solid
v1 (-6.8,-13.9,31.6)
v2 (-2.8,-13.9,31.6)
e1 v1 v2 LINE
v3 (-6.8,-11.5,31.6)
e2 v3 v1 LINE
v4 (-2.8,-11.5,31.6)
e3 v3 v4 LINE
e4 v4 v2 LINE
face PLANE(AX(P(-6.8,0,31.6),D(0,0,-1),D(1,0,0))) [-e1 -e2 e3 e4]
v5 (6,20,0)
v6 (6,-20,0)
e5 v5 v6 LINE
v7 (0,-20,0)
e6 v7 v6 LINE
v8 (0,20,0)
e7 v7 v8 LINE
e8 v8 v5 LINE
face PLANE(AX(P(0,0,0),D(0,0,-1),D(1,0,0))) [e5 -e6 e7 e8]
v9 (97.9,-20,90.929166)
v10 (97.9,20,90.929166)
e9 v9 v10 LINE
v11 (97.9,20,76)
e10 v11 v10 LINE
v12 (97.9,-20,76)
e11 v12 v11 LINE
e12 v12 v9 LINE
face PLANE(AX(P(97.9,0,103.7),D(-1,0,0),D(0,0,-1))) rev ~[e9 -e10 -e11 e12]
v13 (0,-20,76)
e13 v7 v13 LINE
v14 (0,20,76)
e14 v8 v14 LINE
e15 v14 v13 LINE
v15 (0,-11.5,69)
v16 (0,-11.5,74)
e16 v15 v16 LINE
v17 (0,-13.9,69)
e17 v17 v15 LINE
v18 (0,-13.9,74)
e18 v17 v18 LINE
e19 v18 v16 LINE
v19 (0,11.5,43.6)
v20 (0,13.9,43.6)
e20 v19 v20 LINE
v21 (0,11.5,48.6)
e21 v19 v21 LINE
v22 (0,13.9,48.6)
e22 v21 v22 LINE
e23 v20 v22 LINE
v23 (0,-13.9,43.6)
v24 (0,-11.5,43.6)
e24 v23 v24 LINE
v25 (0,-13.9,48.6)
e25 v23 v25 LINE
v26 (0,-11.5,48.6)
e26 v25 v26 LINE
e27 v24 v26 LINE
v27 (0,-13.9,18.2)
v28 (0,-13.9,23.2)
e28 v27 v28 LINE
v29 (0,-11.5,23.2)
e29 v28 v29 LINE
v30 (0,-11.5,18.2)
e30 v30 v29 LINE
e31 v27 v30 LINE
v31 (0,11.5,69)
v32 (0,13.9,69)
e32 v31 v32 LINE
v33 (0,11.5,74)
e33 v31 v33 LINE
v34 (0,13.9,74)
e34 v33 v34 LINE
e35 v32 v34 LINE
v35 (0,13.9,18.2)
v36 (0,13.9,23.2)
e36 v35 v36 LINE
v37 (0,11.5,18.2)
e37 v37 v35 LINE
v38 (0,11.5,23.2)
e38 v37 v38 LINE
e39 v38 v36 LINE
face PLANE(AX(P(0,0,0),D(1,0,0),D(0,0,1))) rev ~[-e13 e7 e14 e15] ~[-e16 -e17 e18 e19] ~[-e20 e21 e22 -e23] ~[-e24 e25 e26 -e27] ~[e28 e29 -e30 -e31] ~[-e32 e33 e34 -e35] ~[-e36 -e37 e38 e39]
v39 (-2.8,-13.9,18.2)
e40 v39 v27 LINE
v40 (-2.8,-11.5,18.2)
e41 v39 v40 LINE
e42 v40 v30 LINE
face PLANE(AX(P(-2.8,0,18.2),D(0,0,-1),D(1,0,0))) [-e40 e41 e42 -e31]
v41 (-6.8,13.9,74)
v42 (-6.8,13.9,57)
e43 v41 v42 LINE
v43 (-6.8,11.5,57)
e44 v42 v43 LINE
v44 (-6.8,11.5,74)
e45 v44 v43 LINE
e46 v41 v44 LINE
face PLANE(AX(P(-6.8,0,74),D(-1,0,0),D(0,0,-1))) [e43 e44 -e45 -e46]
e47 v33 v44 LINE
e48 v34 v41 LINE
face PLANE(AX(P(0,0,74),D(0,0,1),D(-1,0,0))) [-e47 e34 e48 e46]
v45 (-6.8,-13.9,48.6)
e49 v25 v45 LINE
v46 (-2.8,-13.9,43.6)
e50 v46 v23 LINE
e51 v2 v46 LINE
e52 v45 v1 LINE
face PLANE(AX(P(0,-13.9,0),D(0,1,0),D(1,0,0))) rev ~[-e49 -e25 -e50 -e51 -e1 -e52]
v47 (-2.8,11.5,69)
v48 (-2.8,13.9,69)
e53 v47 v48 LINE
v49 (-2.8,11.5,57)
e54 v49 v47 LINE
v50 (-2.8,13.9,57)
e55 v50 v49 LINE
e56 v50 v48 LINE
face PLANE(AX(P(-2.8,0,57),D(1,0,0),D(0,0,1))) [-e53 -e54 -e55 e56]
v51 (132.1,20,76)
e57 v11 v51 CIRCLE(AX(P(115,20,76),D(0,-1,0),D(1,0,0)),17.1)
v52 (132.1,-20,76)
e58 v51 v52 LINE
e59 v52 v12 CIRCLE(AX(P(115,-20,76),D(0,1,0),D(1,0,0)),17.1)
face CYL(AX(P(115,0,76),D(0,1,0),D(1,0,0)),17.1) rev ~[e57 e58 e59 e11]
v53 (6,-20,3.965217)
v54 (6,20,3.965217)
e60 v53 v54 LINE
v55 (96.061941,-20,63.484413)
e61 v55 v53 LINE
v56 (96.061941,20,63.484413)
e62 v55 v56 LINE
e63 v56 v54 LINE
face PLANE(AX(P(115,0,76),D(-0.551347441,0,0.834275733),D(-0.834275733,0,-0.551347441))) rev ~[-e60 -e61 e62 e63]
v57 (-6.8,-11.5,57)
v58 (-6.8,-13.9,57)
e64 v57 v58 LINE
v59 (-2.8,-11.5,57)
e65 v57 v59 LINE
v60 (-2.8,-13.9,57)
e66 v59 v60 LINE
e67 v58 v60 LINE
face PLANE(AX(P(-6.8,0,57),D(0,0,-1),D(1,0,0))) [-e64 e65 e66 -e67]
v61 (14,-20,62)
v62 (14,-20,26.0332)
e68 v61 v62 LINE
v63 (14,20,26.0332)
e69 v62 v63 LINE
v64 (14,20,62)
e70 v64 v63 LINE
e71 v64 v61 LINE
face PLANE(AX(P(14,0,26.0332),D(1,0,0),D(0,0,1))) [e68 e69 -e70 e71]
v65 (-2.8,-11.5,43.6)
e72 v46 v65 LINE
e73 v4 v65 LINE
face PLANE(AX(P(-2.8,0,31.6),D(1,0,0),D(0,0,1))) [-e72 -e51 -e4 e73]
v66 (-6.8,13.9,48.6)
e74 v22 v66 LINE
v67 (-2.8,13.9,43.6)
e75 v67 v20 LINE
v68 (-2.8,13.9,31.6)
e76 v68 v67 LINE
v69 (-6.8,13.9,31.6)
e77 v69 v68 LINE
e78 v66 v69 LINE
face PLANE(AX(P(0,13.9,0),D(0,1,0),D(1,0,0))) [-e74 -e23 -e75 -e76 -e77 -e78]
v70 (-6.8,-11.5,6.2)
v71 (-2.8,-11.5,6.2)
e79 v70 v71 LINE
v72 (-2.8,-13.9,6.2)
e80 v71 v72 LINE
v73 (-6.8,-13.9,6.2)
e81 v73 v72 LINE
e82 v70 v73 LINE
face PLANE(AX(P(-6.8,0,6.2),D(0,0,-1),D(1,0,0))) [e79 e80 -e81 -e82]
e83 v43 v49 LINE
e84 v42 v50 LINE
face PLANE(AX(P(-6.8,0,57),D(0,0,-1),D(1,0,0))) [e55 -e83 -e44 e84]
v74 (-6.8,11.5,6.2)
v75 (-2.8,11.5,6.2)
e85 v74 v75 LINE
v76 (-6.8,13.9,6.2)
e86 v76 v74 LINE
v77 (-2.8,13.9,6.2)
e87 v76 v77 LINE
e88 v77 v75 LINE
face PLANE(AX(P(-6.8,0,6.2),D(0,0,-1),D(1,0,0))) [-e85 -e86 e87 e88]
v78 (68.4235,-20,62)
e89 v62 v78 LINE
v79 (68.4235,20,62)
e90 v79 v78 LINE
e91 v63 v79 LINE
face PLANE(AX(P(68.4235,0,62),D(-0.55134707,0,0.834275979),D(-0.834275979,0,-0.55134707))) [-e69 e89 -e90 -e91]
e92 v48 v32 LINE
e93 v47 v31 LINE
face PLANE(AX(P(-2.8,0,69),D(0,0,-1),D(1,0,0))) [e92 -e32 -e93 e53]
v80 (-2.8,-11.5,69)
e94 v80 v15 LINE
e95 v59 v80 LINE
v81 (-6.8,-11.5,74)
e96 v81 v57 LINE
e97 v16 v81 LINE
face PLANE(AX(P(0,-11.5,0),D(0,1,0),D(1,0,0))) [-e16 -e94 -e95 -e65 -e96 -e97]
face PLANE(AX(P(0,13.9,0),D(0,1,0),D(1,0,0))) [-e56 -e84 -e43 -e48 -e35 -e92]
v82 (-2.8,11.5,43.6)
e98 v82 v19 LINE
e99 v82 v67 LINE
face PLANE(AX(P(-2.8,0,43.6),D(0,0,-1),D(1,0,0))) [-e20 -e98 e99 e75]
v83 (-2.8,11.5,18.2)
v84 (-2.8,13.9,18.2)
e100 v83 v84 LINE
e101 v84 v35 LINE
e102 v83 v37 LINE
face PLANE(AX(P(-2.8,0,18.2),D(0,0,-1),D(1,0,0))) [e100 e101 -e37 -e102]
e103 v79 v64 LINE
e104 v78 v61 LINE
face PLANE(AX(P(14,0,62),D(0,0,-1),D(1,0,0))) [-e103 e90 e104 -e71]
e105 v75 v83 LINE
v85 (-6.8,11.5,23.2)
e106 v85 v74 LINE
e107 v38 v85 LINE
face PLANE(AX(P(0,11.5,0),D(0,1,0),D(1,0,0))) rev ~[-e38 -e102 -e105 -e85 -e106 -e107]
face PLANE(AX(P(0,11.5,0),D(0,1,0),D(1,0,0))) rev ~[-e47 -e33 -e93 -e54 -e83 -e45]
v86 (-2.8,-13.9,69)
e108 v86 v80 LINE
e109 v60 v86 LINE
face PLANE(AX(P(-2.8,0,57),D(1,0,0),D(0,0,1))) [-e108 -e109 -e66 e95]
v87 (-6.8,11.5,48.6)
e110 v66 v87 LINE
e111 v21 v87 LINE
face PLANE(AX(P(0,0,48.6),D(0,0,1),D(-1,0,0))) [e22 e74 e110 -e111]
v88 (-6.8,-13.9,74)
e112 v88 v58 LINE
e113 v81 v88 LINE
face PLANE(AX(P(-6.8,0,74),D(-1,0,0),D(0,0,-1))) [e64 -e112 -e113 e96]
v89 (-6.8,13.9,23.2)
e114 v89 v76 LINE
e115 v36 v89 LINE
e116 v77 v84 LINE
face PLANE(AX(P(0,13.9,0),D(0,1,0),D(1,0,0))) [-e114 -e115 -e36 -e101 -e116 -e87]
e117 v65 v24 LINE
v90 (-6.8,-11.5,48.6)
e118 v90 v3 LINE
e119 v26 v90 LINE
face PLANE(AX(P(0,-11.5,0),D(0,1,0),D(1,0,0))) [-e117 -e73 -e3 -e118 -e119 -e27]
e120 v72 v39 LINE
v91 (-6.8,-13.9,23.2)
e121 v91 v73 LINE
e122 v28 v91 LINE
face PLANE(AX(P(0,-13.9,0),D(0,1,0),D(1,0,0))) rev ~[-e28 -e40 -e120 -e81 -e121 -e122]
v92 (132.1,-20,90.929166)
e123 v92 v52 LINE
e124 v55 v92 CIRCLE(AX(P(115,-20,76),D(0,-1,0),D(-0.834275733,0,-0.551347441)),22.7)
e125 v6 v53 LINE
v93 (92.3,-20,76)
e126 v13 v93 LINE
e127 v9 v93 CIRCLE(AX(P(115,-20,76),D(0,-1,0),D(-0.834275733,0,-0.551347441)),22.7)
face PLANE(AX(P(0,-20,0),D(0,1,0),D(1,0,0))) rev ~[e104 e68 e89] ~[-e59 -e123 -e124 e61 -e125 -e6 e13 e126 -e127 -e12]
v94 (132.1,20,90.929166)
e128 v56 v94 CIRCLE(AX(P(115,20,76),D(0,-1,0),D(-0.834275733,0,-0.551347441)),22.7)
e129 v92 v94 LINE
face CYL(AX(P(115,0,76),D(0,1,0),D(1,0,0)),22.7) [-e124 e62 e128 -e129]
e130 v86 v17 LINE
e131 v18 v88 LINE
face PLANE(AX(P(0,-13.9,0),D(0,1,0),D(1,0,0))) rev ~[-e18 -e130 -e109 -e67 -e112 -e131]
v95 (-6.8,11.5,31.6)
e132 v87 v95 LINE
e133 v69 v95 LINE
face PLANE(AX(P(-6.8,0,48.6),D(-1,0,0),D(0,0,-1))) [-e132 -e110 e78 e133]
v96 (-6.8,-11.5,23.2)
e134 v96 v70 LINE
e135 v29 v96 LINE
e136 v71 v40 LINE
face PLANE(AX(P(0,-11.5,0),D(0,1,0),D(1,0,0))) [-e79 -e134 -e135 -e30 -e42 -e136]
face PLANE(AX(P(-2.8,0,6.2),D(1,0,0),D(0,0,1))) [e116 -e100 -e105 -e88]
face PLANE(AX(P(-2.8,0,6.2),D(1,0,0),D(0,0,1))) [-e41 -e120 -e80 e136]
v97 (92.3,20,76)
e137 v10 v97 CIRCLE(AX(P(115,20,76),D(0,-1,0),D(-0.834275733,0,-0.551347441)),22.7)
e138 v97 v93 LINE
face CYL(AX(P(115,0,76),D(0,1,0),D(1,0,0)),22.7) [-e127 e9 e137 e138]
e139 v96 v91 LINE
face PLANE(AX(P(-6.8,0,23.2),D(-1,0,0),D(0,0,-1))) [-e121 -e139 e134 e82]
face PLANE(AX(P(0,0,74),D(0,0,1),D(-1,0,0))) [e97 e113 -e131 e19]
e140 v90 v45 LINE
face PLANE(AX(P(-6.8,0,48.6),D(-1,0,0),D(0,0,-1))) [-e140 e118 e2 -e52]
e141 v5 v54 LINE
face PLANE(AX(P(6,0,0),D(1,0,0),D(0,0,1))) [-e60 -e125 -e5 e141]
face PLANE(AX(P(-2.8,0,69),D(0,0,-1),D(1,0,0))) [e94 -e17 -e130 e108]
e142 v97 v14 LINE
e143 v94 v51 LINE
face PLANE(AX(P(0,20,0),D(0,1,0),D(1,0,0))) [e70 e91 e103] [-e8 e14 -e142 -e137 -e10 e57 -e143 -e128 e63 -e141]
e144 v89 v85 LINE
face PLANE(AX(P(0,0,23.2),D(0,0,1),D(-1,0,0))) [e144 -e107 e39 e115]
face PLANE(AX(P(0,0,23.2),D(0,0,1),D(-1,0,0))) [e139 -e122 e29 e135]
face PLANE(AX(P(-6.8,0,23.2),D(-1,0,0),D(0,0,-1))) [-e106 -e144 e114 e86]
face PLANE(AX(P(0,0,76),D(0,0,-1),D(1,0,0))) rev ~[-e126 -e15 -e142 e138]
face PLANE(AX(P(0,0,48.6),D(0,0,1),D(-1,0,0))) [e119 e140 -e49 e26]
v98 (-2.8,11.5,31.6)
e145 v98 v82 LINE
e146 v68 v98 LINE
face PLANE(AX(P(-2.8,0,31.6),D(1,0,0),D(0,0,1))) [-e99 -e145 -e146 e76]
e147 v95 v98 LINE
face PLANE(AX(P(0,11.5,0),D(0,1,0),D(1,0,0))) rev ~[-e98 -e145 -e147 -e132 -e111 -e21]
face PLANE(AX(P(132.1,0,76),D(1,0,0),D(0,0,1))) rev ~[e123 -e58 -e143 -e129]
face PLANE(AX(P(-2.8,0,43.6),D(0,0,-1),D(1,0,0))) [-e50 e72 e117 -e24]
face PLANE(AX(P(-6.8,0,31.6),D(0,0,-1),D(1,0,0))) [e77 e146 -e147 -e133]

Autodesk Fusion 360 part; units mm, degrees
sketch "Arm triangle" plane through (0, 0, 0) normal (0, 1, 0) x (1, 0, 0)
  line L0 (0, 0) -> (0, -76)
  line L1 (0, -76) -> (115, -76)
  line L2 (115, -76) -> (0, 0)
extrude "Arm triangle (1)" add sketch "Arm triangle" along normal mid plane 40
sketch "Hook plate" plane through (0, 0, 0) normal (0, 1, 0) x (1, 0, 0)
  line L0 (0, 0) -> (6, 0)
  line L1 (6, 0) -> (6, -76)
  line L2 (6, -76) -> (0, -76)
  line L3 (0, -76) -> (0, 0)
extrude "Hook plate (1)" add sketch "Hook plate" along normal mid plane 40
sketch "Saddle boss" plane through (0, 0, 0) normal (0, 1, 0) x (1, 0, 0)
  circle A0 centre (115, -76) radius 22.7
extrude "Saddle boss (1)" add sketch "Saddle boss" along normal mid plane 40
sketch "Lightening cutout" plane through (0, 0, 0) normal (0, 1, 0) x (1, 0, 0)
  line L0 (14, -26.0332) -> (14, -62)
  line L1 (14, -62) -> (68.4235, -62)
  line L2 (68.4235, -62) -> (14, -26.0332)
extrude "Lightening cutout (1)" cut sketch "Lightening cutout" along normal mid plane 50
sketch "Rod pocket" plane through (0, 0, 0) normal (0, 1, 0) x (1, 0, 0)
  circle A0 centre (115, -76) radius 17.1
extrude "Rod pocket (1)" cut sketch "Rod pocket" along normal mid plane 50
sketch "Rod drop-in opening" plane through (0, 0, 0) normal (0, 1, 0) x (1, 0, 0)
  line L0 (97.9, -76) -> (132.1, -76)
  line L1 (132.1, -76) -> (132.1, -103.7)
  line L2 (132.1, -103.7) -> (97.9, -103.7)
  line L3 (97.9, -103.7) -> (97.9, -76)
extrude "Rod drop-in opening (1)" cut sketch "Rod drop-in opening" along normal mid plane 50
sketch "Hook profiles" plane through (0, 0, 0) normal (0, 1, 0) x (1, 0, 0)
  line L0 (0, -74) -> (-6.8, -74)
  line L1 (-6.8, -74) -> (-6.8, -57)
  line L2 (-6.8, -57) -> (-2.8, -57)
  line L3 (-2.8, -57) -> (-2.8, -69)
  line L4 (-2.8, -69) -> (0, -69)
  line L5 (0, -69) -> (0, -74)
  line L6 (0, -48.6) -> (-6.8, -48.6)
  line L7 (-6.8, -48.6) -> (-6.8, -31.6)
  line L8 (-6.8, -31.6) -> (-2.8, -31.6)
  line L9 (-2.8, -31.6) -> (-2.8, -43.6)
  line L10 (-2.8, -43.6) -> (0, -43.6)
  line L11 (0, -43.6) -> (0, -48.6)
  line L12 (0, -23.2) -> (-6.8, -23.2)
  line L13 (-6.8, -23.2) -> (-6.8, -6.2)
  line L14 (-6.8, -6.2) -> (-2.8, -6.2)
  line L15 (-2.8, -6.2) -> (-2.8, -18.2)
  line L16 (-2.8, -18.2) -> (0, -18.2)
  line L17 (0, -18.2) -> (0, -23.2)
extrude "Hook slab" add sketch "Hook profiles" along normal mid plane 27.8
extrude "Hook column split" cut sketch "Hook profiles" along normal mid plane 23
